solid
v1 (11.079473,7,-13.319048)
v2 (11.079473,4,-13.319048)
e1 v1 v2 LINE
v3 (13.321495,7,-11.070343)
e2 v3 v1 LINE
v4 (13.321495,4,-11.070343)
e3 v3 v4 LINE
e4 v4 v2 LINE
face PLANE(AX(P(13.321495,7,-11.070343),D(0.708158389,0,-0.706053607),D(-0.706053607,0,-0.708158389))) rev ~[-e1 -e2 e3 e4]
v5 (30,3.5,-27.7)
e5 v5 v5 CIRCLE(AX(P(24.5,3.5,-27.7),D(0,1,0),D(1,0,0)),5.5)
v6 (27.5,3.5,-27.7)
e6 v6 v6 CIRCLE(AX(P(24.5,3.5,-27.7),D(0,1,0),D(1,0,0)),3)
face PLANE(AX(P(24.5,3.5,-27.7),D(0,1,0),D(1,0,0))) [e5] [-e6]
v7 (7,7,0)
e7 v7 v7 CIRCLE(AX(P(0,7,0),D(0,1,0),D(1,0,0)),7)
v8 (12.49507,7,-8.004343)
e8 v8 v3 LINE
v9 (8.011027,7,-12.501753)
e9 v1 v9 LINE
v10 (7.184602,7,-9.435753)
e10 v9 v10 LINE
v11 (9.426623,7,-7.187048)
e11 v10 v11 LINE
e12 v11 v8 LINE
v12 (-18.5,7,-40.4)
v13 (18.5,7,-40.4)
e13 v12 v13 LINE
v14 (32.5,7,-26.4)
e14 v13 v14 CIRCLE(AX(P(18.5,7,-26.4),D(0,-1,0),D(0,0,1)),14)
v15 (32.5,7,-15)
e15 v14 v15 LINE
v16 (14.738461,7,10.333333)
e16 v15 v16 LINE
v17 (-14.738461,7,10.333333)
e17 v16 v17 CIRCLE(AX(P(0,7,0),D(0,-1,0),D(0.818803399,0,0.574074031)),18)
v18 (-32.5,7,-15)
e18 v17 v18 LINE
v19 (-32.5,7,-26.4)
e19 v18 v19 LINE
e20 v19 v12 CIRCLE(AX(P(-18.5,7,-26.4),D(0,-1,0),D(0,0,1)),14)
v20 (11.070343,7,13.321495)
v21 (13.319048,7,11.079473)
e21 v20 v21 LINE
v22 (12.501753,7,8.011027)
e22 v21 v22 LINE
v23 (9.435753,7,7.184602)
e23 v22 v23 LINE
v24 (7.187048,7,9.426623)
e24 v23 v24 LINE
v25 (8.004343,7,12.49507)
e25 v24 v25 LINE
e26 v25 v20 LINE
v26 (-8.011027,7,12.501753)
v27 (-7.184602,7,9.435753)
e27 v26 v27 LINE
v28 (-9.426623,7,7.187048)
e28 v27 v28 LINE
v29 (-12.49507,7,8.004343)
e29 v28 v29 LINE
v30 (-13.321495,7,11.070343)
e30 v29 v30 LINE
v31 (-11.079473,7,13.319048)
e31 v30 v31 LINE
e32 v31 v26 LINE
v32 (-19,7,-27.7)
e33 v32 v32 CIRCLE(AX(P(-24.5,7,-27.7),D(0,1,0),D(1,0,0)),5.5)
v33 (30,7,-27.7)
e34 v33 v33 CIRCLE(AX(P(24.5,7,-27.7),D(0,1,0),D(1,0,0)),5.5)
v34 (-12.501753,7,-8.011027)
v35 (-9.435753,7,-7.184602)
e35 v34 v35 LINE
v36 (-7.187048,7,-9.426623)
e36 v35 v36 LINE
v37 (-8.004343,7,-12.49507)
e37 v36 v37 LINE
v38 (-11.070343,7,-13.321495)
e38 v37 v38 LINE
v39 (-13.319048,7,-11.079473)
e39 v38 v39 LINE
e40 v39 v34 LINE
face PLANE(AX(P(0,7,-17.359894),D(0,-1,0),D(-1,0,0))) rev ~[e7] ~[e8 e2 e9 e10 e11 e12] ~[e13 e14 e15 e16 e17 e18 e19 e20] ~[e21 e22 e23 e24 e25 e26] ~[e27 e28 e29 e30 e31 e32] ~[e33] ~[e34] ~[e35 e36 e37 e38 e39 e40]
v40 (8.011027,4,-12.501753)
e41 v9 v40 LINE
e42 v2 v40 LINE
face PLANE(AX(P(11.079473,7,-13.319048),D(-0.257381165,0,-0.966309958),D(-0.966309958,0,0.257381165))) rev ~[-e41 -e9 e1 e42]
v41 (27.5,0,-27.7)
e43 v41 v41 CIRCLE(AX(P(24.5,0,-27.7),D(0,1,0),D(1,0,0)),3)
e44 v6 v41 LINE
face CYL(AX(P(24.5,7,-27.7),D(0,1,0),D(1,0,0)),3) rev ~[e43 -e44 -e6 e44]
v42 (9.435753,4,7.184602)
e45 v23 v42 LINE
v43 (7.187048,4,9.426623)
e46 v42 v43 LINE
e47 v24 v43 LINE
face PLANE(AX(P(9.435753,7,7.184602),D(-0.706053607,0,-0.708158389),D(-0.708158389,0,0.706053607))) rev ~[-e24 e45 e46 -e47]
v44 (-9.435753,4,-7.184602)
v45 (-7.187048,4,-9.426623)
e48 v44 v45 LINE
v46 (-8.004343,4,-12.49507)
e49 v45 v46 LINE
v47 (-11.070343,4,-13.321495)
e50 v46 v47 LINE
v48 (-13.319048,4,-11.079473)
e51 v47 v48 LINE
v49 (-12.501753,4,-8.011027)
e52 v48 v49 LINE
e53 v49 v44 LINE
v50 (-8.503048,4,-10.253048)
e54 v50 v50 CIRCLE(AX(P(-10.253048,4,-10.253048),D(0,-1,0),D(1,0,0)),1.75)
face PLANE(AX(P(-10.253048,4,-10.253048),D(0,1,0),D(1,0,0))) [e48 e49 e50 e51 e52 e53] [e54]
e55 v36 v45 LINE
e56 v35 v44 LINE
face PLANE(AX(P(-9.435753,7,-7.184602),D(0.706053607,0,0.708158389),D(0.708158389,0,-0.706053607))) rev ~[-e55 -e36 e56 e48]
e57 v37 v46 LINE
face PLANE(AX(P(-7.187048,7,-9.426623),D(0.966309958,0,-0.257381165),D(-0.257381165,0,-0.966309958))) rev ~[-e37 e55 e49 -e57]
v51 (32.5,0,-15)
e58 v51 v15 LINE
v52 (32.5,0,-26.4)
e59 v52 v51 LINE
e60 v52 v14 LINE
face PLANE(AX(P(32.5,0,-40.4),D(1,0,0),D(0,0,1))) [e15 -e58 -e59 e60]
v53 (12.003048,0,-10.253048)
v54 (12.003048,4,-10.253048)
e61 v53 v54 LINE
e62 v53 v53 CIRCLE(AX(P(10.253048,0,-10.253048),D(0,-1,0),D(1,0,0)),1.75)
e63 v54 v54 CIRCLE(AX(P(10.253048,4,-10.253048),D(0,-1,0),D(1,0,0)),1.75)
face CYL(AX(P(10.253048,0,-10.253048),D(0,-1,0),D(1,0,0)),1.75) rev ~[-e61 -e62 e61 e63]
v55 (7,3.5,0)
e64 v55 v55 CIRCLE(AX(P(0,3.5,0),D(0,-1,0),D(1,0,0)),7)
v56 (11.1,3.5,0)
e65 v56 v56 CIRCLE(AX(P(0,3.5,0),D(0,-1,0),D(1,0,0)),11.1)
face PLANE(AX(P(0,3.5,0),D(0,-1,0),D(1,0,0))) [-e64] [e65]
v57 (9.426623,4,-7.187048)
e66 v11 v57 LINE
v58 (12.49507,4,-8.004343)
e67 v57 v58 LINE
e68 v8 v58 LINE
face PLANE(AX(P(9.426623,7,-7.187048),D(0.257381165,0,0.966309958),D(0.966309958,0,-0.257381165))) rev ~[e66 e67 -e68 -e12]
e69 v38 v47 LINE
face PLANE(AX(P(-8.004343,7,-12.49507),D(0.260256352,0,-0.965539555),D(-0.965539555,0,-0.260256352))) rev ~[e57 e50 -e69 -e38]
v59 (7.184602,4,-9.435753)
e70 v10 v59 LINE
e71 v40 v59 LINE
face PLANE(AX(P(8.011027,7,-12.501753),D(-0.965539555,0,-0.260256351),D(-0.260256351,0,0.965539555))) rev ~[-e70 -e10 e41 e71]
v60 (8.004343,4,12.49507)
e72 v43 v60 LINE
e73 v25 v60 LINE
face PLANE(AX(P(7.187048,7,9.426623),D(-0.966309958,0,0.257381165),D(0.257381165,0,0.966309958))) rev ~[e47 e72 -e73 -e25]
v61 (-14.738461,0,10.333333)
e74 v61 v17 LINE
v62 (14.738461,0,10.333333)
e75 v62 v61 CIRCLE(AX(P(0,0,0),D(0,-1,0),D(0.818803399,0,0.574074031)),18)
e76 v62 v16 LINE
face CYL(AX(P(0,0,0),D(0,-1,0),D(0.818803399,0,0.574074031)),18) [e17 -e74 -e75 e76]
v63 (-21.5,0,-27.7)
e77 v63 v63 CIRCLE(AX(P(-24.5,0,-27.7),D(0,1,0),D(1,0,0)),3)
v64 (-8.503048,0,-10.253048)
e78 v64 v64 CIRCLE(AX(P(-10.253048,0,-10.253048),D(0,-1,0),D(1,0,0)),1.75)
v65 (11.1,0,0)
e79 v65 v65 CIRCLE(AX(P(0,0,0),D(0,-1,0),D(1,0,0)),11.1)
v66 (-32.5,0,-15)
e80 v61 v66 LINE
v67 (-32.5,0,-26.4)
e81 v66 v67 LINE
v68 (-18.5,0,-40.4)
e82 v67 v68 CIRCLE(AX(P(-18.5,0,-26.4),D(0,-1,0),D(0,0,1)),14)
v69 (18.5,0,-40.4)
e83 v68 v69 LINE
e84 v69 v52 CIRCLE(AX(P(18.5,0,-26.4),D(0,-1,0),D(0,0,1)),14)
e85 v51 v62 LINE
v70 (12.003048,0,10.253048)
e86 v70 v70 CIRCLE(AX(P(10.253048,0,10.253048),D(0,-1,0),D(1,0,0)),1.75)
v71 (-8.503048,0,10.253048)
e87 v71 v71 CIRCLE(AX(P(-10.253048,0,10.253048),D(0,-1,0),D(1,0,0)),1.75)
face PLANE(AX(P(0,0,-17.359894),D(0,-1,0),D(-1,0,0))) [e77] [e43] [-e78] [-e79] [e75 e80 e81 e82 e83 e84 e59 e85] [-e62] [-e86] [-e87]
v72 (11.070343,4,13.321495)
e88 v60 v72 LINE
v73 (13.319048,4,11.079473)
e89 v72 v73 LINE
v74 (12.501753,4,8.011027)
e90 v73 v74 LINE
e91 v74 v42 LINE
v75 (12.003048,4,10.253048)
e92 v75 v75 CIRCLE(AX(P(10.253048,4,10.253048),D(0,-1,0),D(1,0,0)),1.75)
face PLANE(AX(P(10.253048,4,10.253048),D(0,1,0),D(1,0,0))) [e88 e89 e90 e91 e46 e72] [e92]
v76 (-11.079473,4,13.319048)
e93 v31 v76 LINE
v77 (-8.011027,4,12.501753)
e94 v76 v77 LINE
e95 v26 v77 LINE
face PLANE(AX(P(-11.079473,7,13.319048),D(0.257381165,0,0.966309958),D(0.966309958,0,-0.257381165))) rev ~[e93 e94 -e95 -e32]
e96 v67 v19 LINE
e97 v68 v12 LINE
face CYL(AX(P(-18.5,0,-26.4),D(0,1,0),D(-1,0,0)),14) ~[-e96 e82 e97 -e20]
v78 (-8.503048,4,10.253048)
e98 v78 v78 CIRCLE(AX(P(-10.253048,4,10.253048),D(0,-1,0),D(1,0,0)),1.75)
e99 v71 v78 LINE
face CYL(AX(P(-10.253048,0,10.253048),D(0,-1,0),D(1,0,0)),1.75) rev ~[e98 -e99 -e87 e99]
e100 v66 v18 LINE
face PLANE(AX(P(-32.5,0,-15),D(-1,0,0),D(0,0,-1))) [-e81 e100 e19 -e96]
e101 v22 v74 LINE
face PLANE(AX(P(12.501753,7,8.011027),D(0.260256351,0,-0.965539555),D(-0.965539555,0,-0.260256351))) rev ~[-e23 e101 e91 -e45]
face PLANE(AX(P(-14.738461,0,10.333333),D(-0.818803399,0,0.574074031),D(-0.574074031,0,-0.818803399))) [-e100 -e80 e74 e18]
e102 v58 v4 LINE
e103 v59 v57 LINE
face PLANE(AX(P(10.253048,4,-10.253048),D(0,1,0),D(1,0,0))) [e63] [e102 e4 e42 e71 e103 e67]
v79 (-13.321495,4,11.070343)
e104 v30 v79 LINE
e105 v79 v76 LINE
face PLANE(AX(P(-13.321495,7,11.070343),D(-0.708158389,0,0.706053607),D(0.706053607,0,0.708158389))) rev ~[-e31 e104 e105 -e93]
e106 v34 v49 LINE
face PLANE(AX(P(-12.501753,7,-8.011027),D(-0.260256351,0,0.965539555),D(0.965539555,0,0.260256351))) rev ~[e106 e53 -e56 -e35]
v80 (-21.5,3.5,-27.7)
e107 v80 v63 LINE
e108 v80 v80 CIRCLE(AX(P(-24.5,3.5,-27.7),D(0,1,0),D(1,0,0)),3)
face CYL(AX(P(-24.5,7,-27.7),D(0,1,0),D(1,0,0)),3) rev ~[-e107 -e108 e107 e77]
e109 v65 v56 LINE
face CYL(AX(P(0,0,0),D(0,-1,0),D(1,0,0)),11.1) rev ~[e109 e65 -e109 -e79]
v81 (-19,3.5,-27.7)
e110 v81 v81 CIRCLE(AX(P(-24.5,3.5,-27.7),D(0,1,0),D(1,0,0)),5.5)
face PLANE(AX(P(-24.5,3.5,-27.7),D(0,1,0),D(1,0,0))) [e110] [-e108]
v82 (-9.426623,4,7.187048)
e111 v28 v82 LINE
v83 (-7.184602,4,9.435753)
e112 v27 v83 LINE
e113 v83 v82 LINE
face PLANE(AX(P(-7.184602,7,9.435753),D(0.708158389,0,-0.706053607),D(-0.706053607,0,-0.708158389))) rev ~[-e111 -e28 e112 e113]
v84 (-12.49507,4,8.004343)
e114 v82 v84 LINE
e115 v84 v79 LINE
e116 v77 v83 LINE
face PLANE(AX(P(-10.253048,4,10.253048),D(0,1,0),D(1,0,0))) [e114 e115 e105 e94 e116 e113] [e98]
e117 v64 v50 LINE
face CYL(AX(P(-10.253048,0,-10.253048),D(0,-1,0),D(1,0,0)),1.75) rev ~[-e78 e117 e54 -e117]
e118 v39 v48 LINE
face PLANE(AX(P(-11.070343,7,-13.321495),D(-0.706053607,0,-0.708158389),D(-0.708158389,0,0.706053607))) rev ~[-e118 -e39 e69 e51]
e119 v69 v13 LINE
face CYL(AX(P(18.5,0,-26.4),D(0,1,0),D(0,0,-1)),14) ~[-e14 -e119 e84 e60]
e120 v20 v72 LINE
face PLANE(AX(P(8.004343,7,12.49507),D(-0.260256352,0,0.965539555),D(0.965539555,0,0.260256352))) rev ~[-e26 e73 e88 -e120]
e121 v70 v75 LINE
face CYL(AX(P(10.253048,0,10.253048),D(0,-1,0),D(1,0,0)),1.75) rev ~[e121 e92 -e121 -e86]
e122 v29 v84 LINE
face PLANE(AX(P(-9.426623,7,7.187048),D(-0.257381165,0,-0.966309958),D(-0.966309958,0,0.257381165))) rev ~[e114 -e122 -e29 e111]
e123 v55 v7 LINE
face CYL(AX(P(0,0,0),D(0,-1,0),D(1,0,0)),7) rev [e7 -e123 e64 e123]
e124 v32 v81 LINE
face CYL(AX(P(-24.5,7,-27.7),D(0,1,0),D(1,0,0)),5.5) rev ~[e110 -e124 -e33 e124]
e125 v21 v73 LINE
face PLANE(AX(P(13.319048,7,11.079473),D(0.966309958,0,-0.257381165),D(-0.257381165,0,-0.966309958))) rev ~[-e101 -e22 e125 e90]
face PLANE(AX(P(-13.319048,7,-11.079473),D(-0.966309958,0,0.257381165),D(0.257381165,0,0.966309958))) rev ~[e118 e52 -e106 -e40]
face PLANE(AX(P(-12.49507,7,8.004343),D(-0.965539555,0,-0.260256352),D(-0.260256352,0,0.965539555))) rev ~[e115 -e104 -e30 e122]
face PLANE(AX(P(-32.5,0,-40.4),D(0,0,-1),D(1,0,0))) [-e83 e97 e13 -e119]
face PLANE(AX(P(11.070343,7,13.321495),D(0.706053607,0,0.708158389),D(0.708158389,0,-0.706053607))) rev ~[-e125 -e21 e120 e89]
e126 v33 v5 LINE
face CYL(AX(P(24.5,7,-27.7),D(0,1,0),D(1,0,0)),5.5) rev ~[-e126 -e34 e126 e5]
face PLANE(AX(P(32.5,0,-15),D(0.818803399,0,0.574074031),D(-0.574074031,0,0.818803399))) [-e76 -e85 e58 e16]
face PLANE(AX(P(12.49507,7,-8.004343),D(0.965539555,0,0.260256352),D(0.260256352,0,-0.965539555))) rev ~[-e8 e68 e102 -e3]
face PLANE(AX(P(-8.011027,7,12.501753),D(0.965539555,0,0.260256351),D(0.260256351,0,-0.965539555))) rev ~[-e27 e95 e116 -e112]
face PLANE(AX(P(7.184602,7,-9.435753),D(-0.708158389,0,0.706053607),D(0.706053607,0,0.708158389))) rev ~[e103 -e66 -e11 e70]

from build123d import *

# Parameters (mm, degrees)
SKETCH1_R           = 7
BOSS_EXTRUDE1_DEPTH = 7
SKETCH2_R           = 11.1
CUT_EXTRUDE1_DEPTH  = 3.5
SKETCH3_R           = 5.5
SKETCH3_R_2         = 3
CUT_EXTRUDE2_DEPTH  = 3.5
SKETCH3_2_R         = 3
CUT_EXTRUDE3_DEPTH  = 53.320263761
SKETCH4_R           = 1.75
CUT_EXTRUDE4_DEPTH  = 53.320263761
CUT_EXTRUDE5_DEPTH  = 3
FILLET1_R           = 14


with BuildPart() as part:
    # Sketch1 → Boss-Extrude1 (new body)
    with BuildSketch(Plane(origin=(0, 0, 0), x_dir=(1, 0, 0), z_dir=(0, 1, 0))):
        with BuildLine():
            Line((-32.5, 15), (-32.5, 40.4))
            Line((-32.5, 40.4), (32.5, 40.4))
            Line((32.5, 40.4), (32.5, 15))
            Line((32.5, 15), (14.738461184, -10.333332566))
            ThreePointArc((14.738461184, -10.333332566), (0, -18), (-14.738461184, -10.333332566))
            Line((-14.738461184, -10.333332566), (-32.5, 15))
        make_face()
        Circle(SKETCH1_R, mode=Mode.SUBTRACT)
    extrude(amount=BOSS_EXTRUDE1_DEPTH)

    # Sketch2 → Cut-Extrude1 (cut)
    with BuildSketch(Plane.XZ):
        Circle(SKETCH2_R)
    extrude(amount=-CUT_EXTRUDE1_DEPTH, mode=Mode.SUBTRACT)

    # Sketch3 → Cut-Extrude2 (cut)
    # profile 1 of 2: a face of its own
    with BuildSketch(Plane(origin=(0, 7, 0), x_dir=(1, 0, 0), z_dir=(0, 1, 0))):
        with Locations((24.5, 27.7)):
            Circle(SKETCH3_R)
        with Locations((24.5, 27.7)):
            Circle(SKETCH3_R_2, mode=Mode.SUBTRACT)
    # profile 2 of 2: a face of its own
    with BuildSketch(Plane(origin=(0, 7, 0), x_dir=(1, 0, 0), z_dir=(0, 1, 0))):
        with Locations((-24.5, 27.7)):
            Circle(SKETCH3_R)
        with Locations((-24.5, 27.7)):
            Circle(SKETCH3_R_2, mode=Mode.SUBTRACT)
    extrude(amount=-CUT_EXTRUDE2_DEPTH, mode=Mode.SUBTRACT)

    # Sketch3<2> → Cut-Extrude3 (cut, through all)
    with BuildSketch(Plane(origin=(0, 7, 0), x_dir=(1, 0, 0), z_dir=(0, 1, 0))):
        with Locations((24.5, 27.7)):
            Circle(SKETCH3_2_R)
        with Locations((-24.5, 27.7)):
            Circle(SKETCH3_2_R)
    extrude(amount=-CUT_EXTRUDE3_DEPTH, mode=Mode.SUBTRACT)

    # Sketch4 → Cut-Extrude4 (cut, through all)
    with BuildSketch(Plane.XZ):
        with Locations((10.253048327, 10.253048327)):
            Circle(SKETCH4_R)
        with Locations((10.253048327, -10.253048327)):
            Circle(SKETCH4_R)
        with Locations((-10.253048327, -10.253048327)):
            Circle(SKETCH4_R)
        with Locations((-10.253048327, 10.253048327)):
            Circle(SKETCH4_R)
    extrude(amount=-CUT_EXTRUDE4_DEPTH, mode=Mode.SUBTRACT)

    # Sketch5 → Cut-Extrude5 (cut)
    with BuildSketch(Plane(origin=(0, 7, 0), x_dir=(1, 0, 0), z_dir=(0, 1, 0))):
        Polygon((13.321494558, 11.070343295), (11.079473238, 13.319048197), (8.011027007, 12.501753229), (7.184602097, 9.435753359), (9.426623417, 7.187048458), (12.495069647, 8.004343425), align=None)
        Polygon((-11.070343295, 13.321494558), (-13.319048197, 11.079473238), (-12.501753229, 8.011027007), (-9.435753359, 7.184602097), (-7.187048458, 9.426623417), (-8.004343425, 12.495069647), align=None)
        Polygon((11.070343295, -13.321494558), (13.319048197, -11.079473238), (12.501753229, -8.011027007), (9.435753359, -7.184602097), (7.187048458, -9.426623417), (8.004343425, -12.495069647), align=None)
        Polygon((-13.321494558, -11.070343295), (-11.079473238, -13.319048197), (-8.011027007, -12.501753229), (-7.184602097, -9.435753359), (-9.426623417, -7.187048458), (-12.495069647, -8.004343425), align=None)
    extrude(amount=-CUT_EXTRUDE5_DEPTH, mode=Mode.SUBTRACT)

    # Fillet1
    fillet1_edges = [part.edges().sort_by_distance(p)[0] for p in [
        (-32.5, 3.5, -40.4),
        (32.5, 3.5, -40.4),
    ]]
    fillet(fillet1_edges, radius=FILLET1_R)


solid = part.part
